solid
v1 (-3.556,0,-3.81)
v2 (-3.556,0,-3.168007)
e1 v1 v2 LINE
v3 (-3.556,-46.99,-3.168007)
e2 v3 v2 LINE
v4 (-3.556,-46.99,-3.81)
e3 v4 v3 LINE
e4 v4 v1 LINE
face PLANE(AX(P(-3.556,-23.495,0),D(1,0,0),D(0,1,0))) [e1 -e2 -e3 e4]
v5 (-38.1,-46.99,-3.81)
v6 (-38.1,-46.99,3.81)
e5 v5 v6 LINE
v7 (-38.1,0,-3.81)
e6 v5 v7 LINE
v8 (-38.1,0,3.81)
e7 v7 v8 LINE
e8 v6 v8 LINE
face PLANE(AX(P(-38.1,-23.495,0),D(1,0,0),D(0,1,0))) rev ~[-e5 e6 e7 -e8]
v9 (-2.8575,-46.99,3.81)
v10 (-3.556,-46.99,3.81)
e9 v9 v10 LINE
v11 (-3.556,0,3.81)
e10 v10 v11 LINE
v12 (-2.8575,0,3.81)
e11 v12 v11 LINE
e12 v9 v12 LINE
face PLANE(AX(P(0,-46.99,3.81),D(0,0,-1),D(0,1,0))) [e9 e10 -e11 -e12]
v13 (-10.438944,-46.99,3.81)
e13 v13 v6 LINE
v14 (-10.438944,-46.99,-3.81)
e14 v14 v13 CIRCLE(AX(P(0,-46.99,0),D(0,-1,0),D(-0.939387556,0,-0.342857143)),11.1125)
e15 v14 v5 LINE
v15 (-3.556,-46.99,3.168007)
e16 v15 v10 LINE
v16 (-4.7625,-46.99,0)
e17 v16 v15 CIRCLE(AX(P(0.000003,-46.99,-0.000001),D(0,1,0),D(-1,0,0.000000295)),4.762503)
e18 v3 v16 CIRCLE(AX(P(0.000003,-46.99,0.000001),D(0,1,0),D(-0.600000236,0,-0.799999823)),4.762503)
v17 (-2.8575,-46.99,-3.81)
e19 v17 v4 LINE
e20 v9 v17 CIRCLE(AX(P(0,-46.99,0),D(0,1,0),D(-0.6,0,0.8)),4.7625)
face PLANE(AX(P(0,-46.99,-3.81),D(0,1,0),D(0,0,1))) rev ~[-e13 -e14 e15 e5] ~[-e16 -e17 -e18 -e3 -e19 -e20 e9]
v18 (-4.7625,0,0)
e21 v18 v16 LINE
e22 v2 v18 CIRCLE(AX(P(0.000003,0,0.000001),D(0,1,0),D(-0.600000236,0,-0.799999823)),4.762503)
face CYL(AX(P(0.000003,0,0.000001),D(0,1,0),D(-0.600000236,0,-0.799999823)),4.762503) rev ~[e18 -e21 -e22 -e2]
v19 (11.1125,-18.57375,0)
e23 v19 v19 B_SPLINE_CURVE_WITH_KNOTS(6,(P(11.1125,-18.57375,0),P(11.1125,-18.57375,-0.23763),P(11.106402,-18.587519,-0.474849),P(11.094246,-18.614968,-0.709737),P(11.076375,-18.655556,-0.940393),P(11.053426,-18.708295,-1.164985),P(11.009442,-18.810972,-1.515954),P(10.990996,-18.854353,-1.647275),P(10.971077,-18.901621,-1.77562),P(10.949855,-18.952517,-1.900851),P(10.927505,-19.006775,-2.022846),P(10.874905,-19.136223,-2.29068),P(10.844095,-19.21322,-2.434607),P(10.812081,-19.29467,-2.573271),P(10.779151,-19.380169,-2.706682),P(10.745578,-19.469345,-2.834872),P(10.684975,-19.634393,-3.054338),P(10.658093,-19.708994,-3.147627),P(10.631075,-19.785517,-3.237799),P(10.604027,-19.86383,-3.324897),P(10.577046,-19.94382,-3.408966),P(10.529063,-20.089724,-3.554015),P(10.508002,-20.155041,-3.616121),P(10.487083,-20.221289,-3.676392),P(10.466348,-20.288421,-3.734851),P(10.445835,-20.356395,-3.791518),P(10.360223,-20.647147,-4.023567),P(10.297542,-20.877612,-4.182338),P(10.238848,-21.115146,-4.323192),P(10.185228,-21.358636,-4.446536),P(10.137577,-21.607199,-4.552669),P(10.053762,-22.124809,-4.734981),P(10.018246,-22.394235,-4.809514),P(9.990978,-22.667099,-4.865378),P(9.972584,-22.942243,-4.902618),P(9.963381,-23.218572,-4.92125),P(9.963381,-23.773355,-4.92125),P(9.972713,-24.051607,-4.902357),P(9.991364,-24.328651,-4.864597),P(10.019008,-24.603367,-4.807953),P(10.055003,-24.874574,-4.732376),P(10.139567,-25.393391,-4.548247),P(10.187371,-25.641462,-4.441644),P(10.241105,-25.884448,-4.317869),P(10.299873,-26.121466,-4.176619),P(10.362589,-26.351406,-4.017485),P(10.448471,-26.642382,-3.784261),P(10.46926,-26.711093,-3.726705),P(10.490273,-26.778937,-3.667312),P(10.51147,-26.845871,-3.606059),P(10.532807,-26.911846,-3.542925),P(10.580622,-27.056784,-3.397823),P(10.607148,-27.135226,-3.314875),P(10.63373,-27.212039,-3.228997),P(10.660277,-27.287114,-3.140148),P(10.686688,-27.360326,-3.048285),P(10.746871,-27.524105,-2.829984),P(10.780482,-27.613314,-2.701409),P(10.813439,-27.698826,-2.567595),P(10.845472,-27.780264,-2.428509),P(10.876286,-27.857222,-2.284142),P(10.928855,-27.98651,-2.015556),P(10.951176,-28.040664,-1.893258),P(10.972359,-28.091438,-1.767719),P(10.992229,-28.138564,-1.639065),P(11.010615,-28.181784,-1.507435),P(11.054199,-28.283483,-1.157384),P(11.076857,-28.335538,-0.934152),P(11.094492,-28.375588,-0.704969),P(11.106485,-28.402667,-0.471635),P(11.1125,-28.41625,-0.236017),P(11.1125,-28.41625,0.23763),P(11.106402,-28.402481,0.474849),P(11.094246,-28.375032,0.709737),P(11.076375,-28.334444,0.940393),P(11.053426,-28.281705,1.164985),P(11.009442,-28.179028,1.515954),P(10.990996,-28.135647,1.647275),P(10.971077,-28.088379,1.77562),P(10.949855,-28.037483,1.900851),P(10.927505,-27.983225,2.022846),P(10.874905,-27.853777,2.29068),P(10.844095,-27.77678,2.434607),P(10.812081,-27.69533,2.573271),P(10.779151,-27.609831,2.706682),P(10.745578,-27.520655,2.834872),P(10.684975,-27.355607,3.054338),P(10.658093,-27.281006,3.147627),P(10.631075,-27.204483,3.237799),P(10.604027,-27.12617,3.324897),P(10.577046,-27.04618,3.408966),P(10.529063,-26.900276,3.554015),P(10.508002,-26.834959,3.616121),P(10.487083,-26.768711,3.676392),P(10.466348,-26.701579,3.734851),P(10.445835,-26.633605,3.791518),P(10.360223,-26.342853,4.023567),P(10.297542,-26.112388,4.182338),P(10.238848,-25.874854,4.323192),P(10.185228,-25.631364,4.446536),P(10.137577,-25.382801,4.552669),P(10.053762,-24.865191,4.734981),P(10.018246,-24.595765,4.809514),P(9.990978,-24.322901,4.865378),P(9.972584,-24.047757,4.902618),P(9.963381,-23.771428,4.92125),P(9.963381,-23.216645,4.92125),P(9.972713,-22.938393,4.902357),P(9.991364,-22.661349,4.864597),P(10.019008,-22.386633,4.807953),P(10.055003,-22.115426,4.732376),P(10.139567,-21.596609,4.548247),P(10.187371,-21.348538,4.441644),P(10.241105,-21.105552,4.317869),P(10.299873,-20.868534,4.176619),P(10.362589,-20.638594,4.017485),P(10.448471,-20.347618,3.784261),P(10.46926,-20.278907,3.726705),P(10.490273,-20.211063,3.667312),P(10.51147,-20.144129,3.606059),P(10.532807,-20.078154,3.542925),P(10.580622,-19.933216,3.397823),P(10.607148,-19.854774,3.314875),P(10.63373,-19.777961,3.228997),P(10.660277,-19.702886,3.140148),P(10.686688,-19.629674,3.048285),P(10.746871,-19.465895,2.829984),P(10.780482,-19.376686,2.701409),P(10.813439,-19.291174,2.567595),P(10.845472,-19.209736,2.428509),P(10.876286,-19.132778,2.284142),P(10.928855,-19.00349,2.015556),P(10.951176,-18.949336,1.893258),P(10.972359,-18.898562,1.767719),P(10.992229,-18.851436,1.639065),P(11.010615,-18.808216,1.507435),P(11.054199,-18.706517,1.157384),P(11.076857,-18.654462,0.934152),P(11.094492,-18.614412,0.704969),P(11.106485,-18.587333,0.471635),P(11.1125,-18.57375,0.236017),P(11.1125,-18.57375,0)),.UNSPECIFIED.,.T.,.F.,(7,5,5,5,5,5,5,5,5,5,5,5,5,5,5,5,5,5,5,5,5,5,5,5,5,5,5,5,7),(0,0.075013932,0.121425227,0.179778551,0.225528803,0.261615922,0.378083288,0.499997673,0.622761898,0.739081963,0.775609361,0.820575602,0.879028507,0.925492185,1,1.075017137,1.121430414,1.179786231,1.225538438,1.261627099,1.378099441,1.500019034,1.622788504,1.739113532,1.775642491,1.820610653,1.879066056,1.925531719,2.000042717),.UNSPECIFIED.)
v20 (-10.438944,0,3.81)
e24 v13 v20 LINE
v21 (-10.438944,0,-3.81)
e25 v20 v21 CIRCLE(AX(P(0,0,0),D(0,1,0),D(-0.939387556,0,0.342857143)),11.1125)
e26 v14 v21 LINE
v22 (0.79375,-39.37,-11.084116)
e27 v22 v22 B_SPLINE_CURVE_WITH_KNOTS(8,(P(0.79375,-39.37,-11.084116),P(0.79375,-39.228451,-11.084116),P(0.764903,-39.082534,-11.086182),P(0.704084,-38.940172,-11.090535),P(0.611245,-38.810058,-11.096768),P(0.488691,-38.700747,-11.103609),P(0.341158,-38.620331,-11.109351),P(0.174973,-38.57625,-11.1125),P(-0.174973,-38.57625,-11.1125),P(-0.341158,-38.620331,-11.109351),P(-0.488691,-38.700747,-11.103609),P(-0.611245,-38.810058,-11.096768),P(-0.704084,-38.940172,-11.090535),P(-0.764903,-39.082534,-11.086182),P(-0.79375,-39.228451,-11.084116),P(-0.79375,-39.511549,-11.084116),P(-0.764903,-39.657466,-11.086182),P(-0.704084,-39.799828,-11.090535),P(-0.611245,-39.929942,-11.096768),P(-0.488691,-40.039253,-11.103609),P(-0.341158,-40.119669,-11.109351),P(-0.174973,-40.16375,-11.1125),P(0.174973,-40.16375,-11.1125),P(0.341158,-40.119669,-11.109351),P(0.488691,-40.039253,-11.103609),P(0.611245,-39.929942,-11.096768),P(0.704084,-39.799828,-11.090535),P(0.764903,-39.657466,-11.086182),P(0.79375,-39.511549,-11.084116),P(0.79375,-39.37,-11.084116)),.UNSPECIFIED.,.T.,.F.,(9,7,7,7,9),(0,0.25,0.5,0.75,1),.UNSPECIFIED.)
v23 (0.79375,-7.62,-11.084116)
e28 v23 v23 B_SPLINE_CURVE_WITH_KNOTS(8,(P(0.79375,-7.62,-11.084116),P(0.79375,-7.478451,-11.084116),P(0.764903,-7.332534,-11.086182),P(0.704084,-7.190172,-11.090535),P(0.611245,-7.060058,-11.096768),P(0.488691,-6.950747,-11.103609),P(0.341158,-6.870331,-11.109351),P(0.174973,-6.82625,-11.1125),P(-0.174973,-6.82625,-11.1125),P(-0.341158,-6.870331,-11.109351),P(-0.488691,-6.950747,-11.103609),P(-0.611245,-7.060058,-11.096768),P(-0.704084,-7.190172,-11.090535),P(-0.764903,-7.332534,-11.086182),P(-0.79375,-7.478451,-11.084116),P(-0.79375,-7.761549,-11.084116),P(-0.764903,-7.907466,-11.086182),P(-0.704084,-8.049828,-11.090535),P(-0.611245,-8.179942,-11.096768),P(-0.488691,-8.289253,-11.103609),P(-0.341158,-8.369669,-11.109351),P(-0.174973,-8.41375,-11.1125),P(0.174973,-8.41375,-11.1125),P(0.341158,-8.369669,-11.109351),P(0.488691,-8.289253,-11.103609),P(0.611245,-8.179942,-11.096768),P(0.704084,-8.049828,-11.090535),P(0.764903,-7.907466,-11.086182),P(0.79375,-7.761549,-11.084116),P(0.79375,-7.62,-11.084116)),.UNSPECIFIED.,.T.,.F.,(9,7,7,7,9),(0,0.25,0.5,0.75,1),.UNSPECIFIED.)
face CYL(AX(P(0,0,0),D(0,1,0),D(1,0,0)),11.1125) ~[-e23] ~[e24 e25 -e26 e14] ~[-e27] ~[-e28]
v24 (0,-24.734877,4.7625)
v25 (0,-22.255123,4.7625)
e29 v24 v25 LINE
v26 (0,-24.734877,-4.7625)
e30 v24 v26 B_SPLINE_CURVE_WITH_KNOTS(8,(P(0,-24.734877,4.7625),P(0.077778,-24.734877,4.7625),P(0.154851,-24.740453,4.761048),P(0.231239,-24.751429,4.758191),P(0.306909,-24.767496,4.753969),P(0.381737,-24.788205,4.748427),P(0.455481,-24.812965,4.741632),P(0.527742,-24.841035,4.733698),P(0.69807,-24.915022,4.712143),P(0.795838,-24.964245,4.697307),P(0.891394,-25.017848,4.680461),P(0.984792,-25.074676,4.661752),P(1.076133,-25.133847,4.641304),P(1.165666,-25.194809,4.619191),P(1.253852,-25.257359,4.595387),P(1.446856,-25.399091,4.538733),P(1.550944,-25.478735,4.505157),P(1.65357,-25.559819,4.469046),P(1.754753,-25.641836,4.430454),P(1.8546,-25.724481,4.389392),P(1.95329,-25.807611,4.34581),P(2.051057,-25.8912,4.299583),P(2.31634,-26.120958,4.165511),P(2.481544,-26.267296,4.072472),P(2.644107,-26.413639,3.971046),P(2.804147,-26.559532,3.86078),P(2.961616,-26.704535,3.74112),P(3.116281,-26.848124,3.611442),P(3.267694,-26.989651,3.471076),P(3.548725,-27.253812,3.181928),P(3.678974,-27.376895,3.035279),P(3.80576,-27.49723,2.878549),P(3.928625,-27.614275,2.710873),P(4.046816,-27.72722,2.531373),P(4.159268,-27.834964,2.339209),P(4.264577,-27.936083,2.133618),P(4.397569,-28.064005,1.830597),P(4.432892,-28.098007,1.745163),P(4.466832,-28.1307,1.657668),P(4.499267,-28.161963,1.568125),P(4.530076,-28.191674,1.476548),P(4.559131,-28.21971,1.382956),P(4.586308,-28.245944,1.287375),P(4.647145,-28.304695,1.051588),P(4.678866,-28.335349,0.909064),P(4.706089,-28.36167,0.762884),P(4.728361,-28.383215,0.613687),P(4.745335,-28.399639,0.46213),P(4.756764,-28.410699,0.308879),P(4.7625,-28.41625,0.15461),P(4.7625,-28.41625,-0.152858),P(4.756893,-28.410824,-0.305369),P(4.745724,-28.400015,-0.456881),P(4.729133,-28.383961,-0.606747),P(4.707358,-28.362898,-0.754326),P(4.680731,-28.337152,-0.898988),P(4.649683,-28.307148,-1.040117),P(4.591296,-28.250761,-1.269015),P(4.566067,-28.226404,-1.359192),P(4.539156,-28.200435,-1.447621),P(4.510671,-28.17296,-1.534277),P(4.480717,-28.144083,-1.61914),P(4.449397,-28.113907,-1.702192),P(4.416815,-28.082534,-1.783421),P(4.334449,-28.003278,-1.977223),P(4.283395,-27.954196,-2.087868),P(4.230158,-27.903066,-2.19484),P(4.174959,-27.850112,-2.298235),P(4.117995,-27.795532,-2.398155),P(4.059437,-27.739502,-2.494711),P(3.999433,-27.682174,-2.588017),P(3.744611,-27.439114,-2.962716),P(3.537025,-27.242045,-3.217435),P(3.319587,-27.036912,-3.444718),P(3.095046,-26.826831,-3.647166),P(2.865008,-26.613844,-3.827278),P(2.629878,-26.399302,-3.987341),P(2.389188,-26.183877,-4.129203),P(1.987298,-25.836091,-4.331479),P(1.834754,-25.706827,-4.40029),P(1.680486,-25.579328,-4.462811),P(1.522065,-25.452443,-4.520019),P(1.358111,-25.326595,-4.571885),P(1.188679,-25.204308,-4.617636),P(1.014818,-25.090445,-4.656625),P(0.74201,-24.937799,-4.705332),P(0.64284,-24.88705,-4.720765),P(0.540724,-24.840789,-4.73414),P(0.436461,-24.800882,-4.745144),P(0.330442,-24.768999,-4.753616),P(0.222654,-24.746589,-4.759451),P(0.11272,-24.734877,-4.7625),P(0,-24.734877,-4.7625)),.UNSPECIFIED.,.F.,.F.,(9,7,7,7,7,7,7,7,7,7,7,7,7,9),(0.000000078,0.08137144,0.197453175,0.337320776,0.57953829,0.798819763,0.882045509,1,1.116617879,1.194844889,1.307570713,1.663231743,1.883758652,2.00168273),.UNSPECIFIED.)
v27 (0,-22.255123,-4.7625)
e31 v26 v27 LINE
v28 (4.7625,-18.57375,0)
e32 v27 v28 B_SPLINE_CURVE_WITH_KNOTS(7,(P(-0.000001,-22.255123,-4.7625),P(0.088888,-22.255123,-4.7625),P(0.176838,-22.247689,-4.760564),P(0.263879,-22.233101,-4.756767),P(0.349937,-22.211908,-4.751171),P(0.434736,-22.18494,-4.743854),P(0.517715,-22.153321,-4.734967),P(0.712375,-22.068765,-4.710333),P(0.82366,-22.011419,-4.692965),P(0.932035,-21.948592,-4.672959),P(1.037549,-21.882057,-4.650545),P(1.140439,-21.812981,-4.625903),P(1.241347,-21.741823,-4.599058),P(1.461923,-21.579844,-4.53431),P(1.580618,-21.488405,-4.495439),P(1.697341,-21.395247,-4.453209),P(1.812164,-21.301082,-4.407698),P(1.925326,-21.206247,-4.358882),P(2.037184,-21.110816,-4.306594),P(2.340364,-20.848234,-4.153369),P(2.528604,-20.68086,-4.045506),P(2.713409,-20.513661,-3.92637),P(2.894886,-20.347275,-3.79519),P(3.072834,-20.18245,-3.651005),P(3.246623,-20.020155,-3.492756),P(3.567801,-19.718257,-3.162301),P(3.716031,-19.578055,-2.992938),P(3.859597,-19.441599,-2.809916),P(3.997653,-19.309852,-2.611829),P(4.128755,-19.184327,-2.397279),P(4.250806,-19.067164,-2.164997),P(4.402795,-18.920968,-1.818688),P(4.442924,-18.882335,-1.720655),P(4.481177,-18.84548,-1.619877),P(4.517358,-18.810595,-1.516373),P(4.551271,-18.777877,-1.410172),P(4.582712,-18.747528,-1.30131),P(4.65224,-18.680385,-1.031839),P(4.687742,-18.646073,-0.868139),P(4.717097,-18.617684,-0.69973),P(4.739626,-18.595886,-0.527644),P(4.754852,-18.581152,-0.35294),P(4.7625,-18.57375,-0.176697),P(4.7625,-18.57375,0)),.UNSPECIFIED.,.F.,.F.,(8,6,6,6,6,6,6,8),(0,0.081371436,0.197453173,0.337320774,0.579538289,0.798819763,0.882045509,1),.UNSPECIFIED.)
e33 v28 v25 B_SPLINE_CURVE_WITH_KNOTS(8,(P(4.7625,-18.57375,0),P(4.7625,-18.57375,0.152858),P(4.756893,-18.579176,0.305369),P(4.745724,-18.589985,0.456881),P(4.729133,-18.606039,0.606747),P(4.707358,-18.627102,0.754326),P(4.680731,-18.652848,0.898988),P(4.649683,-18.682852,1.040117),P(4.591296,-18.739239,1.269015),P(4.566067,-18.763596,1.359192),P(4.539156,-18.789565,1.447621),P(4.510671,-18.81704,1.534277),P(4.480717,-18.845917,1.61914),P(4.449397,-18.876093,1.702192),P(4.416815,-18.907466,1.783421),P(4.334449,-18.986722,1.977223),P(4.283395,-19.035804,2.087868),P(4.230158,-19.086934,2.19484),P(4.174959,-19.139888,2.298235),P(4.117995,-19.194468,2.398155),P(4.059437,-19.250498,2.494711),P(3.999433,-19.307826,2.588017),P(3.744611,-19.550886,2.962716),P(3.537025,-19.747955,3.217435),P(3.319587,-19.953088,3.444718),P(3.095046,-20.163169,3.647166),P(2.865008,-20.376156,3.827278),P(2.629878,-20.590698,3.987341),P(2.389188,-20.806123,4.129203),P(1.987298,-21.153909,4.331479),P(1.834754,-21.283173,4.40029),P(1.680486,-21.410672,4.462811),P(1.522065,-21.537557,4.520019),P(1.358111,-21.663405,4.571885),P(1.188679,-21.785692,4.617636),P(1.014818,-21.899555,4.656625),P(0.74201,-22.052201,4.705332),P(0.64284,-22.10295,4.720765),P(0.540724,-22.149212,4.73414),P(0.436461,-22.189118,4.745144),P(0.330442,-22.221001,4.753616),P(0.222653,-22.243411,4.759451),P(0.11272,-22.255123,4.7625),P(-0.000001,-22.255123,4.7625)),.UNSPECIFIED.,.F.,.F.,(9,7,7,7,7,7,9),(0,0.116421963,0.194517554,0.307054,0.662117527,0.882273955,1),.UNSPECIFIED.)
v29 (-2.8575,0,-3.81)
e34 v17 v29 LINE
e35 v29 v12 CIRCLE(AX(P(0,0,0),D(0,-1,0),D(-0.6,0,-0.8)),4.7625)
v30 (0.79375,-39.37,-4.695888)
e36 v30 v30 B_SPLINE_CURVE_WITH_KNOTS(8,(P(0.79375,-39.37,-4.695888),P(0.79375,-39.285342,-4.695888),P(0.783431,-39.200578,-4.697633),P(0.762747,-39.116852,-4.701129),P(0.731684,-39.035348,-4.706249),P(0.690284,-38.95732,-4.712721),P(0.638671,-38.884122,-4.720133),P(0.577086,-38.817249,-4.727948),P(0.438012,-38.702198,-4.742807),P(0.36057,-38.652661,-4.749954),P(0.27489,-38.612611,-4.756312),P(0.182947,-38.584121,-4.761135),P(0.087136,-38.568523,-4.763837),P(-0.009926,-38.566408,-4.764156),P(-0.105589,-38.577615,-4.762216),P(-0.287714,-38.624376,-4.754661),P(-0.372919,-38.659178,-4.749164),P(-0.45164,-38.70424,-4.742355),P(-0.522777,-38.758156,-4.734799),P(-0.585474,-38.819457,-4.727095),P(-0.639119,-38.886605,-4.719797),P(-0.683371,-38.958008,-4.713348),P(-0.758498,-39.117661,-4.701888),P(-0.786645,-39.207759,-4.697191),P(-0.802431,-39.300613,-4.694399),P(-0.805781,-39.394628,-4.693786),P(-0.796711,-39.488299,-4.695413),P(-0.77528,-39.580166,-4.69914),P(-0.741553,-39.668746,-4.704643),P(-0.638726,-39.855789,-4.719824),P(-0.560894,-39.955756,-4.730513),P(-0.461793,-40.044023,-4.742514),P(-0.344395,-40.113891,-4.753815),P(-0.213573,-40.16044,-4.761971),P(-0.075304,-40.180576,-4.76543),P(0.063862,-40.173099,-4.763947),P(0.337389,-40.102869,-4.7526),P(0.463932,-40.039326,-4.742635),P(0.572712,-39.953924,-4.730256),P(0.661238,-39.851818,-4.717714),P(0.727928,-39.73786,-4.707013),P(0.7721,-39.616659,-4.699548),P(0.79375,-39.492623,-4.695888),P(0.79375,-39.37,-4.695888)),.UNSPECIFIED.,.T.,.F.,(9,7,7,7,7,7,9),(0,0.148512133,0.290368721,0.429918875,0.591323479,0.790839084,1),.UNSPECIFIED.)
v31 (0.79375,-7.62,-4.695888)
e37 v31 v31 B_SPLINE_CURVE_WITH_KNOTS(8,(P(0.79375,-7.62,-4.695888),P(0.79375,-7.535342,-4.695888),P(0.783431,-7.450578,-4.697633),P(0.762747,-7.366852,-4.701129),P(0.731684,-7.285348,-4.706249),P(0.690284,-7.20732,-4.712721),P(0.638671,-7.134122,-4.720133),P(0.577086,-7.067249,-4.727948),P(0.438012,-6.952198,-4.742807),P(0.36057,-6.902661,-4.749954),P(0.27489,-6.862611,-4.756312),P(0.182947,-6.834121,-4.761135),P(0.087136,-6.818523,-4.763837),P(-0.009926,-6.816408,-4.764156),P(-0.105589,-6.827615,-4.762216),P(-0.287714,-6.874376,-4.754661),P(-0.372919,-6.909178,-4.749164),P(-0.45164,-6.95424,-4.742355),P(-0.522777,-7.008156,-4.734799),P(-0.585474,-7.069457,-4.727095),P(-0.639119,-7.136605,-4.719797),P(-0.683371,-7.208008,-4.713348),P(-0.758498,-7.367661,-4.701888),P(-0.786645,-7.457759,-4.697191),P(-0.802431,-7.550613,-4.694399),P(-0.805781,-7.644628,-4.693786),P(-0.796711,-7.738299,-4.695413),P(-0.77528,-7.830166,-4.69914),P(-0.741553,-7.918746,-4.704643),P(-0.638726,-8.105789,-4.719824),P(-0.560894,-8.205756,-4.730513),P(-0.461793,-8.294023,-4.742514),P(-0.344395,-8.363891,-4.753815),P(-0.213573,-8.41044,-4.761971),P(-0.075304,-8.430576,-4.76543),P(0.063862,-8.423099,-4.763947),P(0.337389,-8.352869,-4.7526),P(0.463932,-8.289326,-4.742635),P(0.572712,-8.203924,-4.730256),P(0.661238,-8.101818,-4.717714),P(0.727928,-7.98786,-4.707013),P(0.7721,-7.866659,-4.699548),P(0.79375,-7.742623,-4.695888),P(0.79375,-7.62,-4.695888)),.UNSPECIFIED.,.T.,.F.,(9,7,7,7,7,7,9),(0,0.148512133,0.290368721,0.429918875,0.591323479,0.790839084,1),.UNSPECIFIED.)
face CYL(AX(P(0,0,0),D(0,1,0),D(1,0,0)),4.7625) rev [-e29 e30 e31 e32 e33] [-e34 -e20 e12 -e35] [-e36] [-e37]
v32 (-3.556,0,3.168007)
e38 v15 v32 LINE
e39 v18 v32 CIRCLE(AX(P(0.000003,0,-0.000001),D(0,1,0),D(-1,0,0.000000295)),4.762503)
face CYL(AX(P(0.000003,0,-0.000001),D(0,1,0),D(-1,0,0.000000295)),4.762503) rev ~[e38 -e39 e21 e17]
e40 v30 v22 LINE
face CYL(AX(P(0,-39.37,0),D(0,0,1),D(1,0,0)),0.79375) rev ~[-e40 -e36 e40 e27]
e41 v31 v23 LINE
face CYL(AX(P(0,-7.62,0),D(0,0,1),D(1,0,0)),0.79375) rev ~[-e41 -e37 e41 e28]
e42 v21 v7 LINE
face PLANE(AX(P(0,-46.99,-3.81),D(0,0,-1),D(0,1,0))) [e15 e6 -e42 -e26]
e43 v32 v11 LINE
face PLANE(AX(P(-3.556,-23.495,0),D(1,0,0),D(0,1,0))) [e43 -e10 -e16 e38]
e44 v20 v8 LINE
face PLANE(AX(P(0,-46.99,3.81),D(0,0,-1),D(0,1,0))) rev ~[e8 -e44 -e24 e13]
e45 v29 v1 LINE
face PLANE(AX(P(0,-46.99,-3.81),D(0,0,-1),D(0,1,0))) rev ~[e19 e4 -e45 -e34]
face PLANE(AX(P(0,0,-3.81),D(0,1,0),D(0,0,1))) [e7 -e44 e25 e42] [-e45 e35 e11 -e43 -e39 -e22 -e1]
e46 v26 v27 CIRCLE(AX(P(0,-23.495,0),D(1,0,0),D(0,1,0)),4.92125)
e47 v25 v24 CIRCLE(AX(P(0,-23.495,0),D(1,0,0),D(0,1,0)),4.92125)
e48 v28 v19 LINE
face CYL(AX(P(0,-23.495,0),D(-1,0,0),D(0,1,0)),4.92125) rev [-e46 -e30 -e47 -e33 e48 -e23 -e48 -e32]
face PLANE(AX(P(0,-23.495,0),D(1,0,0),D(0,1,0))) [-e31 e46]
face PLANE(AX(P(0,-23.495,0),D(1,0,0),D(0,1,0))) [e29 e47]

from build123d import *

# Parameters (mm, degrees)
F0_R      = 11.1125
F0_R_2    = 4.7625
F1_DEPTH  = 46.99
F2_W      = 46.99
F2_H      = 7.62
F3_DEPTH  = 38.1
F3_FACE_W = 46.99
F3_FACE_H = 7.62
F4_DEPTH  = 3.556
F5_R      = 0.79375
F6_DEPTH  = 25.4
F7_R      = 4.92125
F8_DEPTH  = 25.4
F10_DEPTH = 46.991


with BuildPart() as f1:
    # F0 (on Front) → F1 (new body)
    with BuildSketch(Plane.XZ):
        Circle(F0_R)
        Circle(F0_R_2, mode=Mode.SUBTRACT)
    extrude(amount=F1_DEPTH)

    # F2 (on Right) → F3 (join)
    with BuildSketch(Plane.YZ):
        with Locations((-23.495, 0)):
            Rectangle(F2_W, F2_H)
    extrude(amount=-F3_DEPTH)

    # F3_face (on face) → F4 (cut)
    with BuildSketch(Plane(origin=(0, -23.495, 0), x_dir=(0, 1, 0), z_dir=(1, 0, 0))):
        Rectangle(F3_FACE_W, F3_FACE_H)
    extrude(amount=-F4_DEPTH, mode=Mode.SUBTRACT)

    # F5 (on Top) → F6 (cut)
    with BuildSketch(Plane.XY):
        with Locations((0, -7.62)):
            Circle(F5_R)
        with Locations((0, -39.37)):
            Circle(F5_R)
    extrude(amount=-F6_DEPTH, mode=Mode.SUBTRACT)

    # F7 (on Right) → F8 (cut)
    with BuildSketch(Plane.YZ):
        with Locations((-23.495, 0)):
            Circle(F7_R)
    extrude(amount=F8_DEPTH, mode=Mode.SUBTRACT)

    # F9 (on face) → F10 (cut, through all)
    with BuildSketch(Plane(origin=(0, 0, 0), x_dir=(-1, 0, 0), z_dir=(0, 1, 0))):
        with BuildLine():
            ThreePointArc((2.8575, 3.81), (-4.7625, 0), (2.8575, -3.81))
            ThreePointArc((2.8575, -3.81), (4.259709, -2.129855), (4.7625, 0))
            ThreePointArc((4.7625, 0), (4.259709, 2.129855), (2.8575, 3.81))
        make_face()
    extrude(amount=-F10_DEPTH, mode=Mode.SUBTRACT)


solid = f1.part
